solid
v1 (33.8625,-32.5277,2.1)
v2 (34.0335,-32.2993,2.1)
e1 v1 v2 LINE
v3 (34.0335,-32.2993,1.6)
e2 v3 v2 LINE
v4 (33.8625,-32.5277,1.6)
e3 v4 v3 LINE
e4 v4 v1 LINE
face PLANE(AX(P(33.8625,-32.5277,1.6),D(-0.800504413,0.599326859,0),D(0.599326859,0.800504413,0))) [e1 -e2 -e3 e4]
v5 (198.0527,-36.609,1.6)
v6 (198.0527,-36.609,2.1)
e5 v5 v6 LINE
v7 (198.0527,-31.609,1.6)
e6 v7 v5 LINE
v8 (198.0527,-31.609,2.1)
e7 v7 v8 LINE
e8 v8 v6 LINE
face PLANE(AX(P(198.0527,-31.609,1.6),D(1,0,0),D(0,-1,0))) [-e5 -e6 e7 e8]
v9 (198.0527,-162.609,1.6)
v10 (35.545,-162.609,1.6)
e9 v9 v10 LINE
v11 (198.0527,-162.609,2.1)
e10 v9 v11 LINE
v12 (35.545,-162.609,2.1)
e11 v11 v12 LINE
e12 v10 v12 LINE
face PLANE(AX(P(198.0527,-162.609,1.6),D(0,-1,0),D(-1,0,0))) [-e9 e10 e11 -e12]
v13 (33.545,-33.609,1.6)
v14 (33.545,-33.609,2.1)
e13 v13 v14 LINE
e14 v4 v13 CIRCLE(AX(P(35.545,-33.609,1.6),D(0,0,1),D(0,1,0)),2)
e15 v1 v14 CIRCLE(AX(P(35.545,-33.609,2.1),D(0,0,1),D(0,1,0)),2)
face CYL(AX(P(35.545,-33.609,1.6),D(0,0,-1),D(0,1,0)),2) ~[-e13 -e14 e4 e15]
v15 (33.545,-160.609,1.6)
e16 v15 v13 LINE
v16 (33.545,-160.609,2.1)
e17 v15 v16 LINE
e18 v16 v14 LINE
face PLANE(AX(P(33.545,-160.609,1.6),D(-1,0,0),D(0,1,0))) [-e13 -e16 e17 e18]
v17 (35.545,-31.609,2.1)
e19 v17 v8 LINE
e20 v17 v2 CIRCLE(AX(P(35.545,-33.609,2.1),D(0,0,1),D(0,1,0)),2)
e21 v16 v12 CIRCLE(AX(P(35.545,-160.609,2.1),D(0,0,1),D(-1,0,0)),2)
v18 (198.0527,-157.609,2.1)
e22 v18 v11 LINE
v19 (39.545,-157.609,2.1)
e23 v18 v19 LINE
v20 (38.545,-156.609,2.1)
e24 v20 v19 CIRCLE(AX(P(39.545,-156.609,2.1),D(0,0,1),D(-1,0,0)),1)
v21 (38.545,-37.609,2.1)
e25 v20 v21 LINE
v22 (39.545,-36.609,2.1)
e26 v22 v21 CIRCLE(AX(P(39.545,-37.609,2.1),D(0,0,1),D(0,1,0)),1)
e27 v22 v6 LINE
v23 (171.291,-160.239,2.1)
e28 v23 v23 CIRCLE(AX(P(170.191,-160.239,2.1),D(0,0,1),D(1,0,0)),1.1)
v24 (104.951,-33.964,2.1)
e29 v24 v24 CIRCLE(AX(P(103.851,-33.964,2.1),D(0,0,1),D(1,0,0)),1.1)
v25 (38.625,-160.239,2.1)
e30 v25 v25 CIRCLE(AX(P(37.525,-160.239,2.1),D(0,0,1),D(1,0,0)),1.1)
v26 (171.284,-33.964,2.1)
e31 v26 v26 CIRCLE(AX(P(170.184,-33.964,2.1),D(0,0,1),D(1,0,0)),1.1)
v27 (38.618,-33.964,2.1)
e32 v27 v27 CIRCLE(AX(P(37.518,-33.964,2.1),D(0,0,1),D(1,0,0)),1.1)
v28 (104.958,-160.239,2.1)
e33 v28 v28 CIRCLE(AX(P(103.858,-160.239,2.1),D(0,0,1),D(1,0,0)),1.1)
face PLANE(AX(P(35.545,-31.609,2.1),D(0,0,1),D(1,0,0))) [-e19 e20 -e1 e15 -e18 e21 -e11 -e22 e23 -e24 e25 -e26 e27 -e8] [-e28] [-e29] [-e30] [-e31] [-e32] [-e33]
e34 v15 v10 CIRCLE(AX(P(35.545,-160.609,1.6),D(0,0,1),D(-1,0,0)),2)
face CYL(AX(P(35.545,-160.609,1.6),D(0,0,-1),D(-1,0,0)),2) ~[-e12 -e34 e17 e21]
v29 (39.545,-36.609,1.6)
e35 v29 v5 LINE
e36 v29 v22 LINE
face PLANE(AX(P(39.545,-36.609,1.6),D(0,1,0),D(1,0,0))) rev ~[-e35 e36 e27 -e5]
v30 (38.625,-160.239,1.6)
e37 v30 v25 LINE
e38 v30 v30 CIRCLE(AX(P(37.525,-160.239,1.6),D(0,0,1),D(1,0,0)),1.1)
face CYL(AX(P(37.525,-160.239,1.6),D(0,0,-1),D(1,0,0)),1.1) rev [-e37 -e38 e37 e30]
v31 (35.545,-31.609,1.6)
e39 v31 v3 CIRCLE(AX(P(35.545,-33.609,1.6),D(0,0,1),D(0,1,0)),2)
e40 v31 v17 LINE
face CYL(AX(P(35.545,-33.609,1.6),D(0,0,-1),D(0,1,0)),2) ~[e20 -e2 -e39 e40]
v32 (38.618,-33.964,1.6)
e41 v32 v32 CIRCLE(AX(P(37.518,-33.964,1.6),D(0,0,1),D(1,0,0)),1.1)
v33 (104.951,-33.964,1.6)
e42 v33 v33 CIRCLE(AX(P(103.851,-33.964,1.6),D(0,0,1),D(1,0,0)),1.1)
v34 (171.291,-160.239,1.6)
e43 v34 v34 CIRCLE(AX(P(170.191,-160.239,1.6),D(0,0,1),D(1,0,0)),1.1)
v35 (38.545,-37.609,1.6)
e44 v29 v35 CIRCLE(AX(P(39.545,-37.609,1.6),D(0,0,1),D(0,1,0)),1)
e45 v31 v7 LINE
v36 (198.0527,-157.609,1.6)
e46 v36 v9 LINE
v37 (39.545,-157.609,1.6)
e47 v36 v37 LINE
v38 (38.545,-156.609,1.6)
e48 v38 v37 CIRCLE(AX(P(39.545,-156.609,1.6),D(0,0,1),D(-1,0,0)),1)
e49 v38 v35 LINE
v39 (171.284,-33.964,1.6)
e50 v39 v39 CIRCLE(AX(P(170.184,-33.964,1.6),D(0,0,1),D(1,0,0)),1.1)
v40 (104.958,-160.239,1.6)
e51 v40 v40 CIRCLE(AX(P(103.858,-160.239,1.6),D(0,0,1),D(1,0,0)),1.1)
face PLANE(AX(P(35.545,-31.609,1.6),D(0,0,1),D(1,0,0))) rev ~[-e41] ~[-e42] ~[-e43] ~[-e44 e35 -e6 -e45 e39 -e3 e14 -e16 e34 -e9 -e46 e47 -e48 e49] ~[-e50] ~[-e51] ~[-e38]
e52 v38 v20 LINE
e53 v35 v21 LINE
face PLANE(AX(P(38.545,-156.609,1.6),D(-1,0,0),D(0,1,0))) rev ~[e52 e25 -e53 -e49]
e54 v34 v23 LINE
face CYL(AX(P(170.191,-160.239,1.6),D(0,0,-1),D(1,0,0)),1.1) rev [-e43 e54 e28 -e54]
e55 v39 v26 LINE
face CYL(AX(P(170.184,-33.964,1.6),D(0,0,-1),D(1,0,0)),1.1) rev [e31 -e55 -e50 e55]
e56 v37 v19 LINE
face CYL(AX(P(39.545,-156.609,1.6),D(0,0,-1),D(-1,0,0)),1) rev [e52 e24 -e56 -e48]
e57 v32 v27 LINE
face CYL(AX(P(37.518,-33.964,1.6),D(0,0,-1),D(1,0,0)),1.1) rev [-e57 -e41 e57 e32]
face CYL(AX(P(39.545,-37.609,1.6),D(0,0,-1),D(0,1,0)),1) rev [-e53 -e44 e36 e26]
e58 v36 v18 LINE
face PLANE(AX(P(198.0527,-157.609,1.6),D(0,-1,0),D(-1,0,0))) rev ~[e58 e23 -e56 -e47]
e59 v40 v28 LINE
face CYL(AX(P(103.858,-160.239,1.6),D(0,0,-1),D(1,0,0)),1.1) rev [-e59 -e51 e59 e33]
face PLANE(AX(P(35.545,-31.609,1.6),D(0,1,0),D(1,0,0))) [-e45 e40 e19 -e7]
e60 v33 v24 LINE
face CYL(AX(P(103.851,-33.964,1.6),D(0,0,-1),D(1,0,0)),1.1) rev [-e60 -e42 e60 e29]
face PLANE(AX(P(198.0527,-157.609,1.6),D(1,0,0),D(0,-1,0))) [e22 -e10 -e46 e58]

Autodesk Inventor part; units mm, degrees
ref_plane "YZ Plane" through (0, 0, 0) normal (1, 0, 0) x (0, 1, 0)
ref_plane "XZ Plane" through (0, 0, 0) normal (0, 1, 0) x (-1, 0, 0)
ref_plane "XY Plane" through (0, 0, 0) normal (0, 0, 1) x (1, 0, 0)
ref_plane "Work Plane2" through (35.545, -31.609, 1.6) normal (0, 0, 1) x (1, 0, 0)
ref_plane "Work Plane1" through (35.545, -31.609, 1.6) normal (0, 0, 1) x (1, 0, 0)
sketch "Sketch1" plane through (35.545, -31.609, 1.6) normal (0, 0, 1) x (1, 0, 0)
  line L0 (0, 0) -> (336, 0) projected
  line L1 (-2, -129) -> (-2, -2) projected
  line L2 (-1.6825, -0.9187) -> (-1.5115, -0.6903) projected
  arc A0 (0, 0) -> (-2, -2) centre (0, -2) ccw
  line L3 (338, -2) -> (338, -129) projected
  line L4 (337.5115, -0.6903) -> (337.6825, -0.9187) projected
  arc A1 (338, -2) -> (336, 0) centre (336, -2) ccw
  line L5 (336, -131) -> (0, -131) projected
  line L6 (337.6825, -130.0813) -> (337.5115, -130.3097) projected
  arc A2 (336, -131) -> (338, -129) centre (336, -129) ccw
  arc A3 (-2, -129) -> (0, -131) centre (0, -129) ccw
  circle A4 centre (1.98, -128.63) radius 1.1 projected
  circle A5 centre (1.98, -128.63) radius 1.1
  circle A6 centre (68.313, -128.63) radius 1.1 projected
  circle A7 centre (134.646, -128.63) radius 1.1 projected
  circle A8 centre (134.646, -128.63) radius 1.1
  circle A9 centre (68.313, -128.63) radius 1.1
  circle A10 centre (200.979, -128.63) radius 1.1 projected
  circle A11 centre (267.312, -128.63) radius 1.1 projected
  circle A12 centre (333.645, -128.63) radius 1.1 projected
  circle A13 centre (333.645, -128.63) radius 1.1
  circle A14 centre (267.312, -128.63) radius 1.1
  circle A15 centre (200.979, -128.63) radius 1.1
  circle A16 centre (333.638, -2.355) radius 1.1 projected
  circle A17 centre (1.973, -2.355) radius 1.1 projected
  circle A18 centre (68.306, -2.355) radius 1.1 projected
  circle A19 centre (134.639, -2.355) radius 1.1 projected
  circle A20 centre (200.972, -2.355) radius 1.1 projected
  circle A21 centre (267.305, -2.355) radius 1.1 projected
  circle A22 centre (333.645, -2.355) radius 1.093
  circle A23 centre (267.305, -2.355) radius 1.1
  circle A24 centre (200.972, -2.355) radius 1.1
  circle A25 centre (134.639, -2.355) radius 1.1
  circle A26 centre (68.306, -2.355) radius 1.1
  circle A27 centre (1.973, -2.355) radius 1.1
  line L7 (3, -4.2357) -> (125.2758, -4.2357) construction
  line L8 (4, -5) -> (332, -5)
  line L9 (333, -6) -> (333, -125)
  line L10 (332, -126) -> (4, -126)
  line L11 (3, -125) -> (3, -6)
  arc A28 (4, -5) -> (3, -6) centre (4, -6) ccw
  arc A29 (333, -6) -> (332, -5) centre (332, -6) ccw
  arc A30 (332, -126) -> (333, -125) centre (332, -125) ccw
  arc A31 (3, -125) -> (4, -126) centre (4, -125) ccw
  line L12 (162.5077, 0) -> (162.5077, -5)
  line L13 (173.4174, -5) -> (173.4174, 0)
  circle A32 centre (320.737, -95.692) radius 0.175 projected
  line L14 (333, -88.192) -> (338, -88.192)
  line L15 (333, -102.192) -> (338, -102.192)
  line L16 (257.6125, -126) -> (315.0362, -126)
  line L17 (315.0362, -126) -> (315.0362, -126.7604)
  line L18 (315.0362, -126.7604) -> (257.6125, -126.7604)
  line L19 (257.6125, -126.7604) -> (257.6125, -126)
  line L20 (162.5077, -126) -> (162.5077, -131)
  point P0 (-35.545, 31.609)
  point P1 (-1.5115, -130.3097)
  point P2 (335.5, -88.192)
  point P3 (0, -131)
  point P4 (337.6825, -130.0813)
  point P5 (-1.6825, -0.9187)
  point P6 (337.6825, -0.9187)
  dimension "d2" = 5
  dimension "d3" = 5
  dimension "d4" = 5
  dimension "d5" = 5
  dimension "d6" = 1
  dimension "d7" = 1
  dimension "d8" = 1
  dimension "d9" = 1
extrude "Extrusion3" add sketch "Sketch1" along normal blind 0.5 contours L0 L12 L8 A28 L11 A31 L10 L20 L5 A3 L1 A0 L2
properties part number "spacer2"
